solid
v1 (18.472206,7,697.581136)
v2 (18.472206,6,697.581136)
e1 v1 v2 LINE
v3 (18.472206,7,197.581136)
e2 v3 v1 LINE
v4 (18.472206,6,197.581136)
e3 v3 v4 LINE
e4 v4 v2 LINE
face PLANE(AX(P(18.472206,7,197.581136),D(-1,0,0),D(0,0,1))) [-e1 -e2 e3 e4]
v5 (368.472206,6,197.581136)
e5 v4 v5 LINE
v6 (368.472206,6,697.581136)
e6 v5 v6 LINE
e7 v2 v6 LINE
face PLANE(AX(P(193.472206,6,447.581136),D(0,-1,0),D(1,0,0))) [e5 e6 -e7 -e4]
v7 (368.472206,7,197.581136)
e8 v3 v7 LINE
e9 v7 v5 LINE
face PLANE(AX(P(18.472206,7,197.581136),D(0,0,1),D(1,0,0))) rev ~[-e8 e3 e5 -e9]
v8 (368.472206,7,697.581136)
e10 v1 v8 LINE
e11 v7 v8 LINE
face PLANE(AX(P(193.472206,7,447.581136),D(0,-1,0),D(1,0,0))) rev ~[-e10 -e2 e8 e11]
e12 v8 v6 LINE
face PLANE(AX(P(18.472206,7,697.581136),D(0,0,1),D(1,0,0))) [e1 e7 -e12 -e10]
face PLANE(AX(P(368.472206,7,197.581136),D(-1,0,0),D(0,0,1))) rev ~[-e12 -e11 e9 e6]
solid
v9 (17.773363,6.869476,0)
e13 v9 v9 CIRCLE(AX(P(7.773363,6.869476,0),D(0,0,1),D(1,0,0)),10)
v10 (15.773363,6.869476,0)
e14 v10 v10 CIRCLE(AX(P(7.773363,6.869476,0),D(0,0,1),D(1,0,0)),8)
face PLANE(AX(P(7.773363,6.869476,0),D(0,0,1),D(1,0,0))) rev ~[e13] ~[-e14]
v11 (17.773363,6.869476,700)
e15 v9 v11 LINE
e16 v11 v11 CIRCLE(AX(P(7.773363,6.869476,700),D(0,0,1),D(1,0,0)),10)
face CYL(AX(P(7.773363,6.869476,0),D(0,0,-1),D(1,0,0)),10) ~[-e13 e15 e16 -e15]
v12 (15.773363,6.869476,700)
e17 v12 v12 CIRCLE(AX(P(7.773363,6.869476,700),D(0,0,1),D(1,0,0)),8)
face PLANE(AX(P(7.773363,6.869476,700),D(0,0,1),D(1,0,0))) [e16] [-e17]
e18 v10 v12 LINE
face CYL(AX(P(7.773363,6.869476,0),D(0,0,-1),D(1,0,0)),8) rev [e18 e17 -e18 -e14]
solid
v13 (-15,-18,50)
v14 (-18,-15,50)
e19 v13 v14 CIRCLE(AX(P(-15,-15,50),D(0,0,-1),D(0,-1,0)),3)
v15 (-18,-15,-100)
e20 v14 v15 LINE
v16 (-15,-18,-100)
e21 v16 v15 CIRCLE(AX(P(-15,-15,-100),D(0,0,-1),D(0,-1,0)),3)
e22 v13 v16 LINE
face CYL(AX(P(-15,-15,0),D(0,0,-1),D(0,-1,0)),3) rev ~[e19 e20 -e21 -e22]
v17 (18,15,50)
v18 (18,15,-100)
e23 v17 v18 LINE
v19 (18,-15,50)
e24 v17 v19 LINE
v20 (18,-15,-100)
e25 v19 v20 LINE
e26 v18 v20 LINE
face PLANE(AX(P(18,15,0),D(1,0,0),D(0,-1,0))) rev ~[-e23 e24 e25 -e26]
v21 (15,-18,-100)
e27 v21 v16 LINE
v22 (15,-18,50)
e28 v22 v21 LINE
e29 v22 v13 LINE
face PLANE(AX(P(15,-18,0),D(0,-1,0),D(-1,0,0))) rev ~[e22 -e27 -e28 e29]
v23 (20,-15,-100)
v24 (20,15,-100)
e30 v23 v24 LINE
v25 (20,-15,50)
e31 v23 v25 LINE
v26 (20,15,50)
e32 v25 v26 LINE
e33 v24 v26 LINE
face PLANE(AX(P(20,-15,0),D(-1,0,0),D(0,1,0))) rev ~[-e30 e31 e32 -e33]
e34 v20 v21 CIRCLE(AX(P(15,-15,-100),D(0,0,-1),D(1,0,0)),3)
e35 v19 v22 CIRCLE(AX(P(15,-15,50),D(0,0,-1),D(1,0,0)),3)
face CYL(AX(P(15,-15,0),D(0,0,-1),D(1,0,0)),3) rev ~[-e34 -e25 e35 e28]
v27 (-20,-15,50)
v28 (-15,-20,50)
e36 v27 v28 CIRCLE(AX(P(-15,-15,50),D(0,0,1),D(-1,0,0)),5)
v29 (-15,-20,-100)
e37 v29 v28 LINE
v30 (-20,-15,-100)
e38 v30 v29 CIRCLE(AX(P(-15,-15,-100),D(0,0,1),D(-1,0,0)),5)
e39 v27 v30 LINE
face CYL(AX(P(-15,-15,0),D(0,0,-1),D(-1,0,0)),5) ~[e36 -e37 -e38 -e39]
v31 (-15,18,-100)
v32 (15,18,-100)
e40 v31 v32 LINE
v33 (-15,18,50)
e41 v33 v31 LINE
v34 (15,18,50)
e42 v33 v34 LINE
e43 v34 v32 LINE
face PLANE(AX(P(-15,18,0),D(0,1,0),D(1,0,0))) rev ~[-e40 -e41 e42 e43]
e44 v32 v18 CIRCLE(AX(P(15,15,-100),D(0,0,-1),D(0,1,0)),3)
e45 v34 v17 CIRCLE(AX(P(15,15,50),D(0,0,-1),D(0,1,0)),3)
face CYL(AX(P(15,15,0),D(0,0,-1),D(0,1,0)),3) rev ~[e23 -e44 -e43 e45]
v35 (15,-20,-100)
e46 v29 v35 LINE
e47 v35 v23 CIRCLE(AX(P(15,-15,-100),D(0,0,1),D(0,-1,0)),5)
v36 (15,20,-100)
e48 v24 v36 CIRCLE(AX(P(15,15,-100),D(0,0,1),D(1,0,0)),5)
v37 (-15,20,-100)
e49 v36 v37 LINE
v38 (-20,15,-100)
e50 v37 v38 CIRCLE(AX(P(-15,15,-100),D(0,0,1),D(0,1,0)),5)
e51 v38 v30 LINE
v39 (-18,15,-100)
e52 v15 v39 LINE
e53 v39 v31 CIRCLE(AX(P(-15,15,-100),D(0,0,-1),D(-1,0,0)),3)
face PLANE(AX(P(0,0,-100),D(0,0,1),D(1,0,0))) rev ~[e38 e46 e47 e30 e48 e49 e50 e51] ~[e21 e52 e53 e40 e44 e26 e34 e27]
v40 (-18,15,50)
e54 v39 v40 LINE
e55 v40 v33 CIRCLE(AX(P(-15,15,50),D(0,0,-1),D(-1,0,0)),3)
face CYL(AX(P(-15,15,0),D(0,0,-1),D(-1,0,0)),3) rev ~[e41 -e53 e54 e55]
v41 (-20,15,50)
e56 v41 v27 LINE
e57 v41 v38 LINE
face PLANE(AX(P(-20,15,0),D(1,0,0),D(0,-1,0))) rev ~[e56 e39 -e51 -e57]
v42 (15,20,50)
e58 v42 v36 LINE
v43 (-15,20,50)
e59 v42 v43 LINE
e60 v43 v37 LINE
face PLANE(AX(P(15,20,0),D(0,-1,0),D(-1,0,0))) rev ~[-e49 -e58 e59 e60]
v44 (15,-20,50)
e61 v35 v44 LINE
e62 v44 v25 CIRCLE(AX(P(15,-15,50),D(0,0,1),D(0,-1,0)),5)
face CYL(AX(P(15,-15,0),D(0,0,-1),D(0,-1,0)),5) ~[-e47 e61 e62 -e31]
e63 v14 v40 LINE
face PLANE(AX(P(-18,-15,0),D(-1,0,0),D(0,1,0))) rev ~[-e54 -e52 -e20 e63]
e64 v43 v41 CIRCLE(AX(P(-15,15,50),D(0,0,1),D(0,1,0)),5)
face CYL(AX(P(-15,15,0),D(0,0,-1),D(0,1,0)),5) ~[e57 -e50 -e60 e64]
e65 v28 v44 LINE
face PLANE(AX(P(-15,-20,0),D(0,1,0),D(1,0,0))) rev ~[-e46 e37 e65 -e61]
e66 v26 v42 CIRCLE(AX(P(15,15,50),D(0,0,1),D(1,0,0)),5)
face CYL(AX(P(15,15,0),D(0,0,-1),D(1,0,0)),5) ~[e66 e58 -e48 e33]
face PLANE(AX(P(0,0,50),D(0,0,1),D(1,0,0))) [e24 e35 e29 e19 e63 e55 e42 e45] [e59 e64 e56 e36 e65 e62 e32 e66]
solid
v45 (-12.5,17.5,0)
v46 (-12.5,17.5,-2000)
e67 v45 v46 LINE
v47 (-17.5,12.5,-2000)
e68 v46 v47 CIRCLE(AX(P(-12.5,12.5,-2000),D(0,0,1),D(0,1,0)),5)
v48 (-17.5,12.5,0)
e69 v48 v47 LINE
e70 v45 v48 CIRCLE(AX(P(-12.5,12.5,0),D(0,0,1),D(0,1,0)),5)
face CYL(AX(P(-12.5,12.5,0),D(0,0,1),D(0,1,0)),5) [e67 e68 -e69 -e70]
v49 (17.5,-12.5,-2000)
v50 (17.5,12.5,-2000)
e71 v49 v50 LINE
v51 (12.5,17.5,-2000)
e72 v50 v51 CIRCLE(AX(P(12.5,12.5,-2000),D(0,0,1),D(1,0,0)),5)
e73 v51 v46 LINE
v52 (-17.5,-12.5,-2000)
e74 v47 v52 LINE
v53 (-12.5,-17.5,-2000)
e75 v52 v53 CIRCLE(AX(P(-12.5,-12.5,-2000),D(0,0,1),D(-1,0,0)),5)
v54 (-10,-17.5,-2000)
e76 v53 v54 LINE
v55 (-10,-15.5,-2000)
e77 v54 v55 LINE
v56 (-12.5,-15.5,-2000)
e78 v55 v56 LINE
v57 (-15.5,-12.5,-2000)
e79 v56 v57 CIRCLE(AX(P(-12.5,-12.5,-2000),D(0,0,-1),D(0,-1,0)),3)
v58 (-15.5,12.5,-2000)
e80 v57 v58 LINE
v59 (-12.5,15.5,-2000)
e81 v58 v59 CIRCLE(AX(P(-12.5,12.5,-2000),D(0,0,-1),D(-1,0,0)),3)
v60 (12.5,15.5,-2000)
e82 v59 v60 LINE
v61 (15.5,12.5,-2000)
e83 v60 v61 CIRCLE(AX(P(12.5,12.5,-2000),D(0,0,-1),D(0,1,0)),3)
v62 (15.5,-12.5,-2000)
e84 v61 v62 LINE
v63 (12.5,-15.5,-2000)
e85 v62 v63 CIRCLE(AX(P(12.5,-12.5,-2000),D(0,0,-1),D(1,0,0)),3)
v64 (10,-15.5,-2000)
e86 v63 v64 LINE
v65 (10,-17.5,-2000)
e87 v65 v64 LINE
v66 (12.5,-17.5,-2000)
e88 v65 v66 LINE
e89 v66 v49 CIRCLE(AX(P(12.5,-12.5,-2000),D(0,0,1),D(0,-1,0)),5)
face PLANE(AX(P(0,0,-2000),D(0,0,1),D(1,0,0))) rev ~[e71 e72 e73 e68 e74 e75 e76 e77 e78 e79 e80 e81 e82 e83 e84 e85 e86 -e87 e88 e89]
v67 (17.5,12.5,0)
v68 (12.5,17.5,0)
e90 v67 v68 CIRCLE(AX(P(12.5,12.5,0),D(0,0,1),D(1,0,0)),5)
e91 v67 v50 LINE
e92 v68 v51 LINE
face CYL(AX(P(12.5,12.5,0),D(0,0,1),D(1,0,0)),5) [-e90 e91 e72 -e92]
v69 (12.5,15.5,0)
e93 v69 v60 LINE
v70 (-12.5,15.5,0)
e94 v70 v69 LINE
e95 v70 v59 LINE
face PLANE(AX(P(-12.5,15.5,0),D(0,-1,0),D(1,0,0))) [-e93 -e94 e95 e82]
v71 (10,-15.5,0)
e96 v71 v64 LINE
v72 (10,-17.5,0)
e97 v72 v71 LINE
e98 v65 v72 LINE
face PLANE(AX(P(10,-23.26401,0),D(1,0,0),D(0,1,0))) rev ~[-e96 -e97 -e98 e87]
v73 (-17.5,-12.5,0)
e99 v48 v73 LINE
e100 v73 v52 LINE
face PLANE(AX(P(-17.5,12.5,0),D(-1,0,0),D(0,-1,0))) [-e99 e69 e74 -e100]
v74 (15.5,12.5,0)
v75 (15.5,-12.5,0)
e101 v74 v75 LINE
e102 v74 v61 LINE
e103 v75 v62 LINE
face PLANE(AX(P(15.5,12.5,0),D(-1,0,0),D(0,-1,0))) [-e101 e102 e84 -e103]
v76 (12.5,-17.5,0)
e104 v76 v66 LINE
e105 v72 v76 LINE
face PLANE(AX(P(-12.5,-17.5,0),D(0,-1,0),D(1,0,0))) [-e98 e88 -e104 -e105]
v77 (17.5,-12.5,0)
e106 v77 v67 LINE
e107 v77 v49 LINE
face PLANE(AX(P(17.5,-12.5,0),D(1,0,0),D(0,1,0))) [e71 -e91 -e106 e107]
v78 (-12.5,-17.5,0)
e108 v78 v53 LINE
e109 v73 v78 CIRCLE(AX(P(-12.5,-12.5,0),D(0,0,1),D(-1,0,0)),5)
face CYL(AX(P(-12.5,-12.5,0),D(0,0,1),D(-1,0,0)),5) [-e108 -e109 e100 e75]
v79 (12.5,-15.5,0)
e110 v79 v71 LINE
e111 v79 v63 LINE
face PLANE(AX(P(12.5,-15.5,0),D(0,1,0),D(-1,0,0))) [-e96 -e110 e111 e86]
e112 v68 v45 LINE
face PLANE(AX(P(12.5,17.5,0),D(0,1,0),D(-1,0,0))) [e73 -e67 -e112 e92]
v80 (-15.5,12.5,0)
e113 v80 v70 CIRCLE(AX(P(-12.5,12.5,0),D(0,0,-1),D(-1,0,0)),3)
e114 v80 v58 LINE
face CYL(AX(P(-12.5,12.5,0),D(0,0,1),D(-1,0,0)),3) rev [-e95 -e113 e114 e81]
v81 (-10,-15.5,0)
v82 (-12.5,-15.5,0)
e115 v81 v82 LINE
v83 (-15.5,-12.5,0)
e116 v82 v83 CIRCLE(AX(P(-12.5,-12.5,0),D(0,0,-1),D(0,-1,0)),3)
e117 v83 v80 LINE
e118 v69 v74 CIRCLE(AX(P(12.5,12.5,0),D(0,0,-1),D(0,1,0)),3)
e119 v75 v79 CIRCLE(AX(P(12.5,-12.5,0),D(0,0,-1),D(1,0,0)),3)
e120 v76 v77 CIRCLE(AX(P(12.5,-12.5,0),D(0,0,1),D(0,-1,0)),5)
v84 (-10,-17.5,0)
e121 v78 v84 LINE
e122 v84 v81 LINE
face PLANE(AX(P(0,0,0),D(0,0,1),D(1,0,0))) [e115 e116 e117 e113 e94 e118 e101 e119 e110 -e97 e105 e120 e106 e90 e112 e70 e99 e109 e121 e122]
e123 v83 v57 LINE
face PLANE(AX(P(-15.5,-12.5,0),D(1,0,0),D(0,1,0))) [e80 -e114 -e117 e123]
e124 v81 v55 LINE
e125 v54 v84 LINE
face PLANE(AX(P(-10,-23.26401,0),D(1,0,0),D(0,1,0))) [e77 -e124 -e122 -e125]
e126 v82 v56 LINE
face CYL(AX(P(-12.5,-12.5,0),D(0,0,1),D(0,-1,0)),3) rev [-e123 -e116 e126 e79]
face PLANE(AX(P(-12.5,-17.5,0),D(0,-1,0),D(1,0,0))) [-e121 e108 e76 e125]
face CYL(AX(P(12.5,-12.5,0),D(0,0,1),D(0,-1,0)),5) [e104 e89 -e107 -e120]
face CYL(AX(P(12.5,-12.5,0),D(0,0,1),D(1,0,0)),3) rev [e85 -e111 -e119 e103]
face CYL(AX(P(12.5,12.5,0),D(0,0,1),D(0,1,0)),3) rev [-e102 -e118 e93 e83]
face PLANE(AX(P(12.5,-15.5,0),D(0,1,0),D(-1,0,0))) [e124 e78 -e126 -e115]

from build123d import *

# Parameters (mm, degrees)
F1_DEPTH      = 2000
F2_W          = 20
F2_H          = 12.1004571627
F3_DEPTH      = 2000.001
F5_DEPTH      = 100
F5_DEPTH_BACK = 50
F6_R          = 10
F6_R_2        = 8
F7_DEPTH      = 700
F9_W          = 350
F9_H          = 500
F10_DEPTH     = 1


with BuildPart() as f1:
    # F0 (on Top) → F1 (new body)
    with BuildSketch(Plane.XY):
        with BuildLine():
            Line((-12.5, -17.5), (12.5, -17.5))
            ThreePointArc((12.5, -17.5), (16.0355339059, -16.0355339059), (17.5, -12.5))
            Line((17.5, -12.5), (17.5, 12.5))
            ThreePointArc((17.5, 12.5), (16.0355339059, 16.0355339059), (12.5, 17.5))
            Line((12.5, 17.5), (-12.5, 17.5))
            ThreePointArc((-12.5, 17.5), (-16.0355339059, 16.0355339059), (-17.5, 12.5))
            Line((-17.5, 12.5), (-17.5, -12.5))
            ThreePointArc((-17.5, -12.5), (-16.0355339059, -16.0355339059), (-12.5, -17.5))
        make_face()
        with BuildLine():
            ThreePointArc((-12.5, -15.5), (-14.6213203436, -14.6213203436), (-15.5, -12.5))
            Line((-15.5, -12.5), (-15.5, 12.5))
            ThreePointArc((-15.5, 12.5), (-14.6213203436, 14.6213203436), (-12.5, 15.5))
            Line((-12.5, 15.5), (12.5, 15.5))
            ThreePointArc((12.5, 15.5), (14.6213203436, 14.6213203436), (15.5, 12.5))
            Line((15.5, 12.5), (15.5, -12.5))
            ThreePointArc((15.5, -12.5), (14.6213203436, -14.6213203436), (12.5, -15.5))
            Line((12.5, -15.5), (-12.5, -15.5))
        make_face(mode=Mode.SUBTRACT)
    extrude(amount=-F1_DEPTH)

    # F2 (on Top) → F3 (cut, through all)
    with BuildSketch(Plane.XY):
        with Locations((0, -17.213780956)):
            Rectangle(F2_W, F2_H)
    extrude(amount=-F3_DEPTH, mode=Mode.SUBTRACT)


with BuildPart() as f5:
    # F4 (on Top) → F5 (new body, two sides)
    with BuildSketch(Plane.XY) as f5_sk:
        with BuildLine():
            ThreePointArc((-20, -15), (-18.5355339059, -18.5355339059), (-15, -20))
            Line((-15, -20), (15, -20))
            ThreePointArc((15, -20), (18.5355339059, -18.5355339059), (20, -15))
            Line((20, -15), (20, 15))
            ThreePointArc((20, 15), (18.5355339059, 18.5355339059), (15, 20))
            Line((15, 20), (-15, 20))
            ThreePointArc((-15, 20), (-18.5355339059, 18.5355339059), (-20, 15))
            Line((-20, 15), (-20, -15))
        make_face()
        with BuildLine():
            ThreePointArc((-18, 15), (-17.1213203436, 17.1213203436), (-15, 18))
            Line((-15, 18), (15, 18))
            ThreePointArc((15, 18), (17.1213203436, 17.1213203436), (18, 15))
            Line((18, 15), (18, -15))
            ThreePointArc((18, -15), (17.1213203436, -17.1213203436), (15, -18))
            Line((15, -18), (-15, -18))
            ThreePointArc((-15, -18), (-17.1213203436, -17.1213203436), (-18, -15))
            Line((-18, -15), (-18, 15))
        make_face(mode=Mode.SUBTRACT)
    extrude(amount=-F5_DEPTH)
    extrude(f5_sk.sketch, amount=F5_DEPTH_BACK)


with BuildPart() as f7:
    # F6 (on Top) → F7 (new body)
    with BuildSketch(Plane.XY):
        with Locations((7.7733634863, 6.8694764307)):
            Circle(F6_R)
        with Locations((7.7733634863, 6.8694764307)):
            Circle(F6_R_2, mode=Mode.SUBTRACT)
    extrude(amount=F7_DEPTH)


with BuildPart() as f10:
    # F9 (on offset) → F10 (new body)
    with BuildSketch(Plane.XZ.offset(-7)):
        with Locations((193.4722058475, 447.5811362267)):
            Rectangle(F9_W, F9_H)
    extrude(amount=F10_DEPTH)


solid = Compound([f1.part, f5.part, f7.part, f10.part])
